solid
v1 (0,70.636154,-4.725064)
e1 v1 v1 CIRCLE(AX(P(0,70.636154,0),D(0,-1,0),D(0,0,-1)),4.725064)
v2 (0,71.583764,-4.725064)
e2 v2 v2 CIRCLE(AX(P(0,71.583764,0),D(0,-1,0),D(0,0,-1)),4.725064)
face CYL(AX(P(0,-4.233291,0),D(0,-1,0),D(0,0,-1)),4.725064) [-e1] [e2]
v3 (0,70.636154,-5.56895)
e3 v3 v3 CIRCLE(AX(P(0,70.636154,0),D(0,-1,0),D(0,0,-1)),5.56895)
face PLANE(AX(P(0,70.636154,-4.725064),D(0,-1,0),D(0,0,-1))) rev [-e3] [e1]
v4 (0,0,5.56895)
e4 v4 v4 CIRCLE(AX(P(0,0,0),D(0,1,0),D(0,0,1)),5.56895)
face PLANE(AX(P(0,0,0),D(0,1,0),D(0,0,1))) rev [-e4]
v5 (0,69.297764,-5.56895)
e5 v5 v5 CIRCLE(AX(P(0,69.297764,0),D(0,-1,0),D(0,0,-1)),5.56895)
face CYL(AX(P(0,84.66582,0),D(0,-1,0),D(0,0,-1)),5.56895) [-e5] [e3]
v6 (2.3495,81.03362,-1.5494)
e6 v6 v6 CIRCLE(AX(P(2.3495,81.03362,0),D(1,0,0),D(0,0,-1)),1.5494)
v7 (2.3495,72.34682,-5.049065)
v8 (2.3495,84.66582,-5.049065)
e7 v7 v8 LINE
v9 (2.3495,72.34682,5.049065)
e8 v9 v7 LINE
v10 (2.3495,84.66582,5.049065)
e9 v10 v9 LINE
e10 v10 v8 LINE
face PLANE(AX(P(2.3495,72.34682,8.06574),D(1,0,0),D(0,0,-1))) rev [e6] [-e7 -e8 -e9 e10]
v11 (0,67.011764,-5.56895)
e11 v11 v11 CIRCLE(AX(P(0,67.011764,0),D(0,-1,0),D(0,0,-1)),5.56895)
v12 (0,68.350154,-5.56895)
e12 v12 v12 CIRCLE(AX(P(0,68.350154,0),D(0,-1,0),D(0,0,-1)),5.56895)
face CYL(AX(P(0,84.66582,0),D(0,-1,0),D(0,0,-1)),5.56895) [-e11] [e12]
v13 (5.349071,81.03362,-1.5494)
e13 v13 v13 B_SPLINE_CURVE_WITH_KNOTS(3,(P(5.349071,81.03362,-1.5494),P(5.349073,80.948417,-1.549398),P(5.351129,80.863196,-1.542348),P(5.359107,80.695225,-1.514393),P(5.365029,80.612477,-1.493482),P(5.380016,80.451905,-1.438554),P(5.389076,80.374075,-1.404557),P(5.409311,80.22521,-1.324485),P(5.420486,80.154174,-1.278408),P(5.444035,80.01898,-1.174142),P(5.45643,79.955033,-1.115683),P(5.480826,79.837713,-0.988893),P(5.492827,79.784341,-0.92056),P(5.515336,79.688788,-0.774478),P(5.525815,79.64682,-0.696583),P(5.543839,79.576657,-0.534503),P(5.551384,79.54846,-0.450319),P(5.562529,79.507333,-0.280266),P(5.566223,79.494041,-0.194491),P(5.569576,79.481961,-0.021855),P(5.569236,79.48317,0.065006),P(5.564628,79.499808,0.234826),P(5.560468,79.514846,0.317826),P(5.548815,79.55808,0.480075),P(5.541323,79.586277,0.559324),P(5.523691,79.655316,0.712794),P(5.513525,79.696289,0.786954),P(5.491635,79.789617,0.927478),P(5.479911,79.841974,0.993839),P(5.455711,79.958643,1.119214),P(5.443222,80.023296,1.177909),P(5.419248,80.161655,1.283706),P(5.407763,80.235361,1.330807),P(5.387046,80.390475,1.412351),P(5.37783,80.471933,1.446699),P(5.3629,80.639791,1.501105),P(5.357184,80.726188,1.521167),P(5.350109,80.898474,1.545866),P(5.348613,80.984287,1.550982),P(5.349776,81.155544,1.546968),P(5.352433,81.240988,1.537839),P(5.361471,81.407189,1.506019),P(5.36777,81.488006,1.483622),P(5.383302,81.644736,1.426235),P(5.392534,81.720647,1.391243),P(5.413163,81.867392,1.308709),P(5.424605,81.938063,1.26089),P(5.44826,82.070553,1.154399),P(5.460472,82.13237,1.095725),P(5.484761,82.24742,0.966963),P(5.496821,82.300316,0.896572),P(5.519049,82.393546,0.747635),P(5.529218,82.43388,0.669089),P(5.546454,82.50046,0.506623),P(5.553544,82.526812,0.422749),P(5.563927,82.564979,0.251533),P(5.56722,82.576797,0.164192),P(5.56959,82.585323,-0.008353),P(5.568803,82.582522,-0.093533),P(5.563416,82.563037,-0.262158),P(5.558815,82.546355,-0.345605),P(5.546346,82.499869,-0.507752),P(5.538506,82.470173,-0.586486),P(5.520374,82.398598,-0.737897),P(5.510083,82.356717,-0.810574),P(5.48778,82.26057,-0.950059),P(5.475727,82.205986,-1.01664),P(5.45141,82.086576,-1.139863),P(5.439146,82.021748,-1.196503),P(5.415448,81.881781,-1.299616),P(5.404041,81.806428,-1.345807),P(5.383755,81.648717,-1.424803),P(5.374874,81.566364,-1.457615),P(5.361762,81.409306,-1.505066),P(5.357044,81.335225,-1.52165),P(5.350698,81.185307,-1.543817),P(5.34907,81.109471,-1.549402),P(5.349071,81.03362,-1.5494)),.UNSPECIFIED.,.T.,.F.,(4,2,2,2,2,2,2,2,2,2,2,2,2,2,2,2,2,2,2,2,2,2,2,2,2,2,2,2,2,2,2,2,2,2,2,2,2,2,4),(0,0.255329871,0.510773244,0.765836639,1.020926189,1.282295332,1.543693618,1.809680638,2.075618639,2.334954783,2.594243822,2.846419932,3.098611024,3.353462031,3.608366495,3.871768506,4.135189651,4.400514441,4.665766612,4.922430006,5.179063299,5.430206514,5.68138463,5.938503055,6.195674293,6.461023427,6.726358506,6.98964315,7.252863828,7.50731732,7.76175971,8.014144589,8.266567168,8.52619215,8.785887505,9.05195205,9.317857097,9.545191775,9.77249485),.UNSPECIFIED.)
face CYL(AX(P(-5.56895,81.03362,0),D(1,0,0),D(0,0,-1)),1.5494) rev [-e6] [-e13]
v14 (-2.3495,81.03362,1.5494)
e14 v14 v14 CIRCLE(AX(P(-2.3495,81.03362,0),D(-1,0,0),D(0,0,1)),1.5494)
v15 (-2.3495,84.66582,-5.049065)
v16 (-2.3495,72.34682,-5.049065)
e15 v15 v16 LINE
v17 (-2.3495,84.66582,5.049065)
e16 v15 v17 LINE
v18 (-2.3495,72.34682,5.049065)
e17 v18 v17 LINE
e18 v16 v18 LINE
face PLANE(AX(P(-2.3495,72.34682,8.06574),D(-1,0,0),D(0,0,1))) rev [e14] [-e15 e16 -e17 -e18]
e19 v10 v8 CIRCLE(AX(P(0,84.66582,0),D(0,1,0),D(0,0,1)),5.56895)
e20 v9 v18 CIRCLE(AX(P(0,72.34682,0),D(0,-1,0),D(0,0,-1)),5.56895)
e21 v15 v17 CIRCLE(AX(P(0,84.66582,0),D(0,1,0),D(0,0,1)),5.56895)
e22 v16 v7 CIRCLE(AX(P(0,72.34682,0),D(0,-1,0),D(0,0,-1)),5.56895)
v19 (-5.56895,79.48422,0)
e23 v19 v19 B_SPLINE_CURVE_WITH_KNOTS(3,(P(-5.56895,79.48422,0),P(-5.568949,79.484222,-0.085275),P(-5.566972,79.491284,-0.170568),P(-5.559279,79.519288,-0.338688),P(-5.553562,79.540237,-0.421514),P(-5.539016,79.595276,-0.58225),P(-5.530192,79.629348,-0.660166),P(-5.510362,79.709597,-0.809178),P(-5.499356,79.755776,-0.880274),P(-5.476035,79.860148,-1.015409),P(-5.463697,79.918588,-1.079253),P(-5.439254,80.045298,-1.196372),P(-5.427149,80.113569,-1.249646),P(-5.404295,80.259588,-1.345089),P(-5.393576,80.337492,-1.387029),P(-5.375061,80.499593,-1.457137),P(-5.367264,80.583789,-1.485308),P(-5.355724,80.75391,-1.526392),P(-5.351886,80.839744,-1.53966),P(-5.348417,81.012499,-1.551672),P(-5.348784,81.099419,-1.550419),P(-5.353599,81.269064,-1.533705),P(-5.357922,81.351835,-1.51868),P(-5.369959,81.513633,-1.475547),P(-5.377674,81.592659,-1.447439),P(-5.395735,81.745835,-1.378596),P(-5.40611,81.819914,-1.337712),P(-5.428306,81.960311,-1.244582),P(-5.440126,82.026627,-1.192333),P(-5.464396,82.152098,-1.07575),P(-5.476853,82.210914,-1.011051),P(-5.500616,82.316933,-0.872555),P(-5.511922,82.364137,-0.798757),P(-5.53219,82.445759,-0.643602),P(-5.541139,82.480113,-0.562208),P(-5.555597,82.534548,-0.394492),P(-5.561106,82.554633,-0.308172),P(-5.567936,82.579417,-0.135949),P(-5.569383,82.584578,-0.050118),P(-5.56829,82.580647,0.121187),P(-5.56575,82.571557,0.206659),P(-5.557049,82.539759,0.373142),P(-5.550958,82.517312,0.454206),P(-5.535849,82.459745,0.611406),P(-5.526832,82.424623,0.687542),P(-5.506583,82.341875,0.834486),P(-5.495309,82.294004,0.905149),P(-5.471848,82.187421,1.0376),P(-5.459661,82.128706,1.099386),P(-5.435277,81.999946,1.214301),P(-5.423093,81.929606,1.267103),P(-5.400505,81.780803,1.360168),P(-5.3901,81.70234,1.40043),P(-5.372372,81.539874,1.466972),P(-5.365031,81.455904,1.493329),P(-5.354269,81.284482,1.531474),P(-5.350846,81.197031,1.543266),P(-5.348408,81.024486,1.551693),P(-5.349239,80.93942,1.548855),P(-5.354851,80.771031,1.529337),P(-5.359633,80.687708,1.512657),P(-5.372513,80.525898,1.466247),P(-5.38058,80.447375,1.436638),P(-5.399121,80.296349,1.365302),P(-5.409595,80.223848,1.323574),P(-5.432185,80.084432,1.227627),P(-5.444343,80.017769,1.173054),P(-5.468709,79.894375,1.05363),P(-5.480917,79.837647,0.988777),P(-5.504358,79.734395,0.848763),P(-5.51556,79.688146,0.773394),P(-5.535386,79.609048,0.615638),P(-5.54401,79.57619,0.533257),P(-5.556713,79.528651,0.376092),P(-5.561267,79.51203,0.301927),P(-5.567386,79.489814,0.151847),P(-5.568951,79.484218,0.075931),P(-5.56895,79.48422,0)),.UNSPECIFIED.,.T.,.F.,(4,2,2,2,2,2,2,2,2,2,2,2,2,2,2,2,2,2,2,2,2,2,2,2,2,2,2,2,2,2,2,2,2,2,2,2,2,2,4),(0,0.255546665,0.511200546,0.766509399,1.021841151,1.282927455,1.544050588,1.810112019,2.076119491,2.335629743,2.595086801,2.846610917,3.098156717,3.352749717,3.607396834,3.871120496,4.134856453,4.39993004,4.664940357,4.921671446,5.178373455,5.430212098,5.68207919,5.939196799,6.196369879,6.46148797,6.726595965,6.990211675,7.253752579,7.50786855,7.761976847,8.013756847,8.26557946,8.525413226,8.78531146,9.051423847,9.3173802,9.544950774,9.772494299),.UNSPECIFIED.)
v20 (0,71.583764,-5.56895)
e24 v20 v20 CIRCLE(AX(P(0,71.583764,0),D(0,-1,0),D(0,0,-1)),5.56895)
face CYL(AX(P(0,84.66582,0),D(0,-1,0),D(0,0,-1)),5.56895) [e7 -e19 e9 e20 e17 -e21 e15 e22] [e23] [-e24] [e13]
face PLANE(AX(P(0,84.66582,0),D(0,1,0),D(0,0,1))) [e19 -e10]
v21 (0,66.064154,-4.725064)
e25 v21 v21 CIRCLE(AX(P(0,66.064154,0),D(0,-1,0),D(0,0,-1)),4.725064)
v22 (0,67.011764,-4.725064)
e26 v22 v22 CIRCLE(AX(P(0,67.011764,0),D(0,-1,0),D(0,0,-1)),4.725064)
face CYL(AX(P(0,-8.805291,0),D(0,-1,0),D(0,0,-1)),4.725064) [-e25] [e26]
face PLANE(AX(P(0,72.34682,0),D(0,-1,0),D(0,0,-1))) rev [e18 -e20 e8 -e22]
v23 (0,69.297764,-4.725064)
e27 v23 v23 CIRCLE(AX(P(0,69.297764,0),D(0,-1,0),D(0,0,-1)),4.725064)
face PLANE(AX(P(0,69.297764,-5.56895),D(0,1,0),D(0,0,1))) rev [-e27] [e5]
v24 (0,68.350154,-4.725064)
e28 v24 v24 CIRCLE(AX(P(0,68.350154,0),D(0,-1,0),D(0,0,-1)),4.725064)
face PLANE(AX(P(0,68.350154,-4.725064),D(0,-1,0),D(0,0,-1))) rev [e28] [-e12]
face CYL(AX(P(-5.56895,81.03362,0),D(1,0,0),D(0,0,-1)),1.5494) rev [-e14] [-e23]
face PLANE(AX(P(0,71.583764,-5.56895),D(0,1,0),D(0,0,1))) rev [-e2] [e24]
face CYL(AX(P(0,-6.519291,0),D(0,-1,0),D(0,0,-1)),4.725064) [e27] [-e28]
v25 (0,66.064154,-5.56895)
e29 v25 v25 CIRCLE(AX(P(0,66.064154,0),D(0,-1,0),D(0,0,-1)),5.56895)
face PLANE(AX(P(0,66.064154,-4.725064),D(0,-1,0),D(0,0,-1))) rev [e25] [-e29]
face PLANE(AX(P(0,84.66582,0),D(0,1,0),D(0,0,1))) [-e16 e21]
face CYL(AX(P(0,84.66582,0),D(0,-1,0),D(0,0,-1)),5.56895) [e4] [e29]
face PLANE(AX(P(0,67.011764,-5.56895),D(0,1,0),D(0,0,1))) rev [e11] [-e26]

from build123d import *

# Parameters (mm, degrees)
SKETCH1_R               = 5.56895
BOSS_EXTRUDE1_DEPTH     = 84.66582
SKETCH2_W               = 4.699
SKETCH2_H               = 16.131480258
CUT_EXTRUDE1_DEPTH      = 12.319
CUT_EXTRUDE2_DEPTH      = 86.031332369
CUT_EXTRUDE2_DEPTH_BACK = 86.031332369
SKETCH3_R               = 1.5494
SKETCH4_W               = 0.843885596
SKETCH4_H               = 0.947610215
LPATTERN1_COUNT         = 3
LPATTERN1_PITCH         = 2.286


with BuildPart() as part:
    # Sketch1 → Boss-Extrude1 (new body)
    with BuildSketch(Plane(origin=(0, 0, 0), x_dir=(1, 0, 0), z_dir=(0, 1, 0))):
        with Locations(Location((0, 0, 0), (0, 0, 270))):
            Circle(SKETCH1_R)
    extrude(amount=BOSS_EXTRUDE1_DEPTH)

    # Sketch2 → Cut-Extrude1 (cut)
    with BuildSketch(Plane(origin=(0, 84.66582, 0), x_dir=(1, 0, 0), z_dir=(0, 1, 0))):
        Rectangle(SKETCH2_W, SKETCH2_H)
    extrude(amount=-CUT_EXTRUDE1_DEPTH, mode=Mode.SUBTRACT)

    # Sketch3 → Cut-Extrude2 (cut, two sides: drawn at the far end of the back side and taken through both)
    with BuildSketch(Plane(origin=(0, 0, 0), x_dir=(0, 0, -1), z_dir=(1, 0, 0)).offset(-CUT_EXTRUDE2_DEPTH_BACK)):
        with Locations(Location((0, 81.03362, 0), (0, 0, 270))):
            Circle(SKETCH3_R)
    extrude(amount=CUT_EXTRUDE2_DEPTH + CUT_EXTRUDE2_DEPTH_BACK, mode=Mode.SUBTRACT)

    # Sketch4 → Cut-Revolve1 (revolve, cut)
    with BuildSketch(Plane(origin=(0, 0, 0), x_dir=(0, 0, -1), z_dir=(1, 0, 0))):
        with Locations((5.147007202, 71.109959008)):
            Rectangle(SKETCH4_W, SKETCH4_H)
    cut_revolve1 = revolve(axis=Axis((0, -4.233291, 0), (0, 1, 0)), mode=Mode.SUBTRACT)

    # LPattern1: Cut-Revolve1 ×3
    with Locations(*[(0, -i * LPATTERN1_PITCH, 0) for i in range(1, LPATTERN1_COUNT)]):
        add(cut_revolve1, mode=Mode.SUBTRACT)


solid = part.part
